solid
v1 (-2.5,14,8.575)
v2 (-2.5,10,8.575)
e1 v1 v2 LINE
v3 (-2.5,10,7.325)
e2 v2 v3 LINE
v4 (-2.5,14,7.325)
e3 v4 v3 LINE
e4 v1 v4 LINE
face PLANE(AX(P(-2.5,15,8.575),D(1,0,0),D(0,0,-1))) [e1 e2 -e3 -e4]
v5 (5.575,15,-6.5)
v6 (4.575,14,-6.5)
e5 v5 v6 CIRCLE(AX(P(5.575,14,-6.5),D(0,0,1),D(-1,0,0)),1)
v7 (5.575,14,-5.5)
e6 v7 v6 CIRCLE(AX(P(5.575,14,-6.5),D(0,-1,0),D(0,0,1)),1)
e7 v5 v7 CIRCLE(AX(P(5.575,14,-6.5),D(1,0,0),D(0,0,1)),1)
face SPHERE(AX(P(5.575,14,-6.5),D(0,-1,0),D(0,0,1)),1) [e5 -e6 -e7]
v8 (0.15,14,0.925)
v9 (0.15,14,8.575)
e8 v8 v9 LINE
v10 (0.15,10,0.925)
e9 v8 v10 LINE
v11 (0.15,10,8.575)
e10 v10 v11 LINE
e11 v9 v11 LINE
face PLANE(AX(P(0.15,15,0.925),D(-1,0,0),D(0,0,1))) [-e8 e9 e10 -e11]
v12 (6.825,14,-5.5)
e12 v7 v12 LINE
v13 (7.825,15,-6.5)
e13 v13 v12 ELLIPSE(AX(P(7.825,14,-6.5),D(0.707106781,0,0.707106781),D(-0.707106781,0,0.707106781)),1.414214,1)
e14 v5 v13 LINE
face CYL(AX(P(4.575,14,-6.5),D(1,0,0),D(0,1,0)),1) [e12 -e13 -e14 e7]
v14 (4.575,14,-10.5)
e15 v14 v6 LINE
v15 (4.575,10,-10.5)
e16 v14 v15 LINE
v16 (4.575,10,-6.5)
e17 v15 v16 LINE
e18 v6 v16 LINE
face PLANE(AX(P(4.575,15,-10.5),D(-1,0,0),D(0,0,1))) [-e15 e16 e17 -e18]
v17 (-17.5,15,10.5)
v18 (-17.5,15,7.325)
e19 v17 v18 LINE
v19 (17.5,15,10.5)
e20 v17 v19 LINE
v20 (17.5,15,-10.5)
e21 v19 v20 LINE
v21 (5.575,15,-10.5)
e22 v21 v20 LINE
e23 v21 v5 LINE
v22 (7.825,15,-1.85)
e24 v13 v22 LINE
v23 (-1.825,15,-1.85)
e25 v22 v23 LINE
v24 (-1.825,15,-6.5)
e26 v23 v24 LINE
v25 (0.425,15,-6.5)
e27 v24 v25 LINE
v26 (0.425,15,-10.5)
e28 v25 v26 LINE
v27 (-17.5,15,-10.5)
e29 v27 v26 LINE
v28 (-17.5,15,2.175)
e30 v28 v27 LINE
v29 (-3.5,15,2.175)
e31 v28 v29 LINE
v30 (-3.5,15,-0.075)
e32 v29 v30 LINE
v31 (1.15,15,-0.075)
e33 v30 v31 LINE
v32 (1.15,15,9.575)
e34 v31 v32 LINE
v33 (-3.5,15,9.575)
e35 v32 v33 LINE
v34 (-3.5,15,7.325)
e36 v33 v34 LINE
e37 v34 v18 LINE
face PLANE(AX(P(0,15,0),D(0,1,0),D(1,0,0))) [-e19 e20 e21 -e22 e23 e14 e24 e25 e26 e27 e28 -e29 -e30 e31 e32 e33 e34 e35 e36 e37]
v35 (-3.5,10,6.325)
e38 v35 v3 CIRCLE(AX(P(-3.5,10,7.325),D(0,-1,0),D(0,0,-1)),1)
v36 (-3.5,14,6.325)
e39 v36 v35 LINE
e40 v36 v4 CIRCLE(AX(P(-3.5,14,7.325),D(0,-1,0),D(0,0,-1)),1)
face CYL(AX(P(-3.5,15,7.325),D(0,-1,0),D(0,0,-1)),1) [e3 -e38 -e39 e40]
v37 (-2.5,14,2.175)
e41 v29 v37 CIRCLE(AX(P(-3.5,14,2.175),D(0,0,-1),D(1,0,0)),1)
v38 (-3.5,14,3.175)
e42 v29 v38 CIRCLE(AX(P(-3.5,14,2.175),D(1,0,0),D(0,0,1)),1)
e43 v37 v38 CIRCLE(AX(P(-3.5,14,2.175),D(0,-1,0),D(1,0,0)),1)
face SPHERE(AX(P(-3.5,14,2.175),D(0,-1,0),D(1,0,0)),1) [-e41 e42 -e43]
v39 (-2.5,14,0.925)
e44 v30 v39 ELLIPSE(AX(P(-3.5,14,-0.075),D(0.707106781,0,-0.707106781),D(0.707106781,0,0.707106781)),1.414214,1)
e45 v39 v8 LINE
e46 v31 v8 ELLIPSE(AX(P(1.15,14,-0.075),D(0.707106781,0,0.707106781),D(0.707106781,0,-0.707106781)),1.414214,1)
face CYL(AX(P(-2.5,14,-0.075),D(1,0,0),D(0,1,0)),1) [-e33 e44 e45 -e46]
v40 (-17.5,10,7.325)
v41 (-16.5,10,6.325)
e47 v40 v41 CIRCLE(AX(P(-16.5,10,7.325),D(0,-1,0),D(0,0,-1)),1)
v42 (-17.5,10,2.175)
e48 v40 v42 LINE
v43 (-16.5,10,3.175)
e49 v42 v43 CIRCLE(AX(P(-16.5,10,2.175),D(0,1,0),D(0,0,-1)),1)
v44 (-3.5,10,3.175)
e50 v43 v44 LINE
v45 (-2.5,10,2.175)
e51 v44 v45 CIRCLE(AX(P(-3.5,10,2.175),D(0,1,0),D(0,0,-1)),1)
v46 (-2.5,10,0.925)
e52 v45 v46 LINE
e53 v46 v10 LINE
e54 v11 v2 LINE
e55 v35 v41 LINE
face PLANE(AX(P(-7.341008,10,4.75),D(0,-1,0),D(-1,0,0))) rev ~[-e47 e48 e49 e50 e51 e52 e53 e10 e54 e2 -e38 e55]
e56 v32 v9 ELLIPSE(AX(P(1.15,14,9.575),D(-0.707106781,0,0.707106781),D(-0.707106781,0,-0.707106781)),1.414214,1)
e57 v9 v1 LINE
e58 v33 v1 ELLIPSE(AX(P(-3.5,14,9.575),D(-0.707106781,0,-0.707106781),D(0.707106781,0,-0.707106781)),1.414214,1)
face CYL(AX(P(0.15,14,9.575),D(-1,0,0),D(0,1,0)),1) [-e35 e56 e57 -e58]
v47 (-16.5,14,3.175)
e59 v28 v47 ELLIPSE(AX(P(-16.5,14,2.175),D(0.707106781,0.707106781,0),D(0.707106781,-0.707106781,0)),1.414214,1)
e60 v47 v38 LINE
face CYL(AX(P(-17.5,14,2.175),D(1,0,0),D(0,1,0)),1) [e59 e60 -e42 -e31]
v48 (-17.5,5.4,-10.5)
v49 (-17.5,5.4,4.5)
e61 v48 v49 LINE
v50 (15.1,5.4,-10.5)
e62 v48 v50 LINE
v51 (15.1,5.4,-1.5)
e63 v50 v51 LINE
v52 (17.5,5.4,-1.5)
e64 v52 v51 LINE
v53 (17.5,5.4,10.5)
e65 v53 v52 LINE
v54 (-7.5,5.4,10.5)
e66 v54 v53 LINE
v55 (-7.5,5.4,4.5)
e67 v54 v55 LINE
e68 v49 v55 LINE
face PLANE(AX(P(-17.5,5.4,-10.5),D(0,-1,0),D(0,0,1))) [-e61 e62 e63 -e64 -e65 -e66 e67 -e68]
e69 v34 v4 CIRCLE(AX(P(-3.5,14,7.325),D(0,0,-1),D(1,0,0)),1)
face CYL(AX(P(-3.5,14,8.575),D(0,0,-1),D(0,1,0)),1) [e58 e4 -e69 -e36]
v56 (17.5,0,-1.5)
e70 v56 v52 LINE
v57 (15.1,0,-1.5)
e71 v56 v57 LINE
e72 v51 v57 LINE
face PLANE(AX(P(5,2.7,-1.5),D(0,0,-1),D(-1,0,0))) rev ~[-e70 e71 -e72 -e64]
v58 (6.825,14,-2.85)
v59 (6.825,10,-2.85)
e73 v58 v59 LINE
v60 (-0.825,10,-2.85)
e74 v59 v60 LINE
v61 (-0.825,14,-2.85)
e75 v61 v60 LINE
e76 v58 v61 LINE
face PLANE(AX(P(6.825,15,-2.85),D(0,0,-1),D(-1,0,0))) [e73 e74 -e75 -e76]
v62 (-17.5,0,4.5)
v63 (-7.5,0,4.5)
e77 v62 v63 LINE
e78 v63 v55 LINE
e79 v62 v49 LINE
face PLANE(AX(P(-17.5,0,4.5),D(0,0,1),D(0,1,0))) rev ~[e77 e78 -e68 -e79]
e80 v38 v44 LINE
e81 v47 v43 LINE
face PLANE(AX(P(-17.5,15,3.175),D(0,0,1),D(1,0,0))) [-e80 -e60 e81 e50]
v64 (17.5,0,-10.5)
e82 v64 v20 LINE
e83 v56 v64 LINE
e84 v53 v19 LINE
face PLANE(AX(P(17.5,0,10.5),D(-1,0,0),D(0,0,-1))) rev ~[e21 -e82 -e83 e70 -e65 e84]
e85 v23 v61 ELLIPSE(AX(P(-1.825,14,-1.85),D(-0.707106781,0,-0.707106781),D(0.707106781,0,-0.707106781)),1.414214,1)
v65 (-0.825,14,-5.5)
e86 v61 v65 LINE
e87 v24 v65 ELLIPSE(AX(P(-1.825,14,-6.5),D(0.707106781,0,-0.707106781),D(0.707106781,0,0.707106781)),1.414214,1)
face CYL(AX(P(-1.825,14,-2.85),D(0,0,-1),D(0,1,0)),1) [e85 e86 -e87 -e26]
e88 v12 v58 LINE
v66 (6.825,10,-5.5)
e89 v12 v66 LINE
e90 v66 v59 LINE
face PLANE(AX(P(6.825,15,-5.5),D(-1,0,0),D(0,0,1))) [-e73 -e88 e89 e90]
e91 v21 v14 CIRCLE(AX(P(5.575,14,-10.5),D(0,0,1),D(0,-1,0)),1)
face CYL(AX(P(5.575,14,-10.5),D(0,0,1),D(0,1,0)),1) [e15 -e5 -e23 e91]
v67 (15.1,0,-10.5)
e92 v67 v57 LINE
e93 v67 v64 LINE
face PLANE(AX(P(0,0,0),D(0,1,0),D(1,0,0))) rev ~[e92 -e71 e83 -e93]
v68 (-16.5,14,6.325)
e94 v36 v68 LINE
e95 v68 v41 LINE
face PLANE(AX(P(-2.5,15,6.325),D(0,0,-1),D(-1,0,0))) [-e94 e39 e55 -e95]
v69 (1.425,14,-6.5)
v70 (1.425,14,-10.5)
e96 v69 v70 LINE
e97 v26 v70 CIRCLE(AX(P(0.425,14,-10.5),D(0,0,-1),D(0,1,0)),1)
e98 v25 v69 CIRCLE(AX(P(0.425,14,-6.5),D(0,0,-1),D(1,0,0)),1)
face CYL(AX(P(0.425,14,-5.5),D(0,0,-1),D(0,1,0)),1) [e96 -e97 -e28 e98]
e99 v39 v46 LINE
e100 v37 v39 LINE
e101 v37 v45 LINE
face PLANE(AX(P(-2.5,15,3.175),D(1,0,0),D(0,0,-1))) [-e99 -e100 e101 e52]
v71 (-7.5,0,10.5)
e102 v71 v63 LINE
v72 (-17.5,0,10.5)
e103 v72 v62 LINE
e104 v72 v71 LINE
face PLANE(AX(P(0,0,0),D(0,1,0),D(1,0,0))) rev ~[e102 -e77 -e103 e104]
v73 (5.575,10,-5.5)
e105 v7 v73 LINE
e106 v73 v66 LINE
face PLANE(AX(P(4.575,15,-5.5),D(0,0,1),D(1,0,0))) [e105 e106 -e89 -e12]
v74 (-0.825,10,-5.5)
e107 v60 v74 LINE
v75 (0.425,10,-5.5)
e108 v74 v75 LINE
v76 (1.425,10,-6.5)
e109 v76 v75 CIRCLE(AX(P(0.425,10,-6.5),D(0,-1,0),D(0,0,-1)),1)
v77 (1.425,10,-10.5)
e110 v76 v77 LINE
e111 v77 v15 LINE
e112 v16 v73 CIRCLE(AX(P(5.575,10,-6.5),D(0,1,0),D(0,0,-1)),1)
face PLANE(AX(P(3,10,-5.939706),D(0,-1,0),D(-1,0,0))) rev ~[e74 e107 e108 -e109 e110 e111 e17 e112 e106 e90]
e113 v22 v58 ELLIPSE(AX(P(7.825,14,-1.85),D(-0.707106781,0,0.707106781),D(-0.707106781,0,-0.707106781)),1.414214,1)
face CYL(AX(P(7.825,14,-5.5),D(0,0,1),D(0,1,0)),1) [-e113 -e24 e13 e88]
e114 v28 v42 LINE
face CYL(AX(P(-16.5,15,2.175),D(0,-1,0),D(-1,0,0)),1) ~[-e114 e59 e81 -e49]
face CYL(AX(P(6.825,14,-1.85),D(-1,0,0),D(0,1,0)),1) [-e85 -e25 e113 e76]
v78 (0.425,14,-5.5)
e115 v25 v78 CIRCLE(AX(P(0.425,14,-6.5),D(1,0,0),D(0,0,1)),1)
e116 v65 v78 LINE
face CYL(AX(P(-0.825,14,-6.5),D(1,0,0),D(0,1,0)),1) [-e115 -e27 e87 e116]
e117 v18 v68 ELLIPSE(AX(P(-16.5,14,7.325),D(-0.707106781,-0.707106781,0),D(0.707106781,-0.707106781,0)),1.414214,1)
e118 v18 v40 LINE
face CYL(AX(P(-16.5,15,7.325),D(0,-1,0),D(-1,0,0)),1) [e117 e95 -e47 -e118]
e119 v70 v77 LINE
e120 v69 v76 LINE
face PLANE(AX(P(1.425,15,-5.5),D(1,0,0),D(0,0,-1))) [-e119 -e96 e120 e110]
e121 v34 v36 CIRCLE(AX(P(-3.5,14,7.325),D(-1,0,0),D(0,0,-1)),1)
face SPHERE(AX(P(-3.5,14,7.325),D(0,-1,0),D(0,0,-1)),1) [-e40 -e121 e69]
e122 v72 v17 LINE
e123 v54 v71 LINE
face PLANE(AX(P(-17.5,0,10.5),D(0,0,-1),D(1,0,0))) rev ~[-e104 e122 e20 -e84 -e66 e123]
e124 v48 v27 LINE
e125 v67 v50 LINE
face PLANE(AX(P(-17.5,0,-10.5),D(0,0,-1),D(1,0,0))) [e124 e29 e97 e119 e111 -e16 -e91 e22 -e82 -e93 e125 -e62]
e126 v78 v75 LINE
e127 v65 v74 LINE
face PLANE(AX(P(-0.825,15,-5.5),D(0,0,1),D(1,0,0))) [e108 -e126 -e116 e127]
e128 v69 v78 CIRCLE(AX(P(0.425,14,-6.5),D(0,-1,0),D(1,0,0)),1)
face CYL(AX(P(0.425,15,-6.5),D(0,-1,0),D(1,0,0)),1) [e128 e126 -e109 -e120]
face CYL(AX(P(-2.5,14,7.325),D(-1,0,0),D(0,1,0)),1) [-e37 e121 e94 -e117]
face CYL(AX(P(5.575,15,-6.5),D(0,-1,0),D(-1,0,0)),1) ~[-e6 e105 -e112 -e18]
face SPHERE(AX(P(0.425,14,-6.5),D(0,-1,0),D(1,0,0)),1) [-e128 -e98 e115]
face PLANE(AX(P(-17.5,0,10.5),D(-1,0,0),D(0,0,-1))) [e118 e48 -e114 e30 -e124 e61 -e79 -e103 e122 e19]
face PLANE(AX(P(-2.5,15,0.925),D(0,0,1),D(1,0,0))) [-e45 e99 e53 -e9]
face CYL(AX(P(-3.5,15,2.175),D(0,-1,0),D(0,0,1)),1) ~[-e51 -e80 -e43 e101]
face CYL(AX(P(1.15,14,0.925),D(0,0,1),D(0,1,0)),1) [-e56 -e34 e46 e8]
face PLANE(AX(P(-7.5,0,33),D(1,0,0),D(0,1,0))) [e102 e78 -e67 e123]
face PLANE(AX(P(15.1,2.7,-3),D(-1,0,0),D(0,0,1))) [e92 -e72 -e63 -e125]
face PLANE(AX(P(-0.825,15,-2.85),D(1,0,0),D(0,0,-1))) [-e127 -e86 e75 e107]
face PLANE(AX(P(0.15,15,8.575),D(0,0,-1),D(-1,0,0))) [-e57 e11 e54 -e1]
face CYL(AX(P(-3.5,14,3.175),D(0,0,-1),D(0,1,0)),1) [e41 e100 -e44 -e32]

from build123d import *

# Parameters (mm, degrees)
SKETCH1_W               = 35
SKETCH1_H               = 21
BOSS_EXTRUDE1_DEPTH     = 15
SKETCH2_W               = 15
SKETCH2_H               = 5.4
CUT_EXTRUDE1_DEPTH      = 32.6
CUT_EXTRUDE2_DEPTH      = 5
FILLET1_R               = 1
CUT_EXTRUDE3_DEPTH      = 6
CUT_EXTRUDE3_DEPTH_BACK = 28.5
SKETCH4_W               = 25
SKETCH4_H               = 5.4


with BuildPart() as part:
    # Sketch1 → Boss-Extrude1 (new body)
    with BuildSketch(Plane(origin=(0, 0, 0), x_dir=(1, 0, 0), z_dir=(0, 1, 0))):
        Rectangle(SKETCH1_W, SKETCH1_H)
    extrude(amount=BOSS_EXTRUDE1_DEPTH)

    # Sketch2 → Cut-Extrude1 (cut)
    with BuildSketch(Plane.ZY.offset(17.5)):
        with Locations((-3, 2.7)):
            Rectangle(SKETCH2_W, SKETCH2_H)
    extrude(amount=-CUT_EXTRUDE1_DEPTH, mode=Mode.SUBTRACT)

    # Sketch3 → Cut-Extrude2 (cut)
    with BuildSketch(Plane(origin=(0, 15, 0), x_dir=(1, 0, 0), z_dir=(0, 1, 0))):
        Polygon((0.15, -0.925), (0.15, -8.575), (-2.5, -8.575), (-2.5, -6.325), (-17.5, -6.325), (-17.5, -3.175), (-2.5, -3.175), (-2.5, -0.925), align=None)
        Polygon((1.425, 10.5), (4.575, 10.5), (4.575, 5.5), (6.825, 5.5), (6.825, 2.85), (-0.825, 2.85), (-0.825, 5.5), (1.425, 5.5), align=None)
    extrude(amount=-CUT_EXTRUDE2_DEPTH, mode=Mode.SUBTRACT)

    # Fillet1
    fillet1_edges = [part.edges().sort_by_distance(p)[0] for p in [
        (-2.5, 12.5, 6.325),
        (-17.5, 12.5, 6.325),
        (-17.5, 12.5, 3.175),
        (-2.5, 12.5, 3.175),
        (-1.175, 15, 0.925),
        (-2.5, 15, 2.05),
        (-10, 15, 3.175),
        (-10, 15, 6.325),
        (-2.5, 15, 7.45),
        (-1.175, 15, 8.575),
        (0.15, 15, 4.75),
        (1.425, 12.5, -5.5),
        (4.575, 12.5, -5.5),
        (1.425, 15, -8),
        (0.3, 15, -5.5),
        (-0.825, 15, -4.175),
        (3, 15, -2.85),
        (6.825, 15, -4.175),
        (5.7, 15, -5.5),
        (4.575, 15, -8),
    ]]
    fillet(fillet1_edges, radius=FILLET1_R)

    # Sketch4 → Cut-Extrude3 (cut, two sides: drawn at the far end of the back side and taken through both)
    with BuildSketch(Plane(origin=(0, 0, 4.5), x_dir=(-1, 0, 0), z_dir=(0, 0, -1)).offset(-CUT_EXTRUDE3_DEPTH_BACK)):
        with Locations((-5, 2.7)):
            Rectangle(SKETCH4_W, SKETCH4_H)
    extrude(amount=CUT_EXTRUDE3_DEPTH + CUT_EXTRUDE3_DEPTH_BACK, mode=Mode.SUBTRACT)


solid = part.part
